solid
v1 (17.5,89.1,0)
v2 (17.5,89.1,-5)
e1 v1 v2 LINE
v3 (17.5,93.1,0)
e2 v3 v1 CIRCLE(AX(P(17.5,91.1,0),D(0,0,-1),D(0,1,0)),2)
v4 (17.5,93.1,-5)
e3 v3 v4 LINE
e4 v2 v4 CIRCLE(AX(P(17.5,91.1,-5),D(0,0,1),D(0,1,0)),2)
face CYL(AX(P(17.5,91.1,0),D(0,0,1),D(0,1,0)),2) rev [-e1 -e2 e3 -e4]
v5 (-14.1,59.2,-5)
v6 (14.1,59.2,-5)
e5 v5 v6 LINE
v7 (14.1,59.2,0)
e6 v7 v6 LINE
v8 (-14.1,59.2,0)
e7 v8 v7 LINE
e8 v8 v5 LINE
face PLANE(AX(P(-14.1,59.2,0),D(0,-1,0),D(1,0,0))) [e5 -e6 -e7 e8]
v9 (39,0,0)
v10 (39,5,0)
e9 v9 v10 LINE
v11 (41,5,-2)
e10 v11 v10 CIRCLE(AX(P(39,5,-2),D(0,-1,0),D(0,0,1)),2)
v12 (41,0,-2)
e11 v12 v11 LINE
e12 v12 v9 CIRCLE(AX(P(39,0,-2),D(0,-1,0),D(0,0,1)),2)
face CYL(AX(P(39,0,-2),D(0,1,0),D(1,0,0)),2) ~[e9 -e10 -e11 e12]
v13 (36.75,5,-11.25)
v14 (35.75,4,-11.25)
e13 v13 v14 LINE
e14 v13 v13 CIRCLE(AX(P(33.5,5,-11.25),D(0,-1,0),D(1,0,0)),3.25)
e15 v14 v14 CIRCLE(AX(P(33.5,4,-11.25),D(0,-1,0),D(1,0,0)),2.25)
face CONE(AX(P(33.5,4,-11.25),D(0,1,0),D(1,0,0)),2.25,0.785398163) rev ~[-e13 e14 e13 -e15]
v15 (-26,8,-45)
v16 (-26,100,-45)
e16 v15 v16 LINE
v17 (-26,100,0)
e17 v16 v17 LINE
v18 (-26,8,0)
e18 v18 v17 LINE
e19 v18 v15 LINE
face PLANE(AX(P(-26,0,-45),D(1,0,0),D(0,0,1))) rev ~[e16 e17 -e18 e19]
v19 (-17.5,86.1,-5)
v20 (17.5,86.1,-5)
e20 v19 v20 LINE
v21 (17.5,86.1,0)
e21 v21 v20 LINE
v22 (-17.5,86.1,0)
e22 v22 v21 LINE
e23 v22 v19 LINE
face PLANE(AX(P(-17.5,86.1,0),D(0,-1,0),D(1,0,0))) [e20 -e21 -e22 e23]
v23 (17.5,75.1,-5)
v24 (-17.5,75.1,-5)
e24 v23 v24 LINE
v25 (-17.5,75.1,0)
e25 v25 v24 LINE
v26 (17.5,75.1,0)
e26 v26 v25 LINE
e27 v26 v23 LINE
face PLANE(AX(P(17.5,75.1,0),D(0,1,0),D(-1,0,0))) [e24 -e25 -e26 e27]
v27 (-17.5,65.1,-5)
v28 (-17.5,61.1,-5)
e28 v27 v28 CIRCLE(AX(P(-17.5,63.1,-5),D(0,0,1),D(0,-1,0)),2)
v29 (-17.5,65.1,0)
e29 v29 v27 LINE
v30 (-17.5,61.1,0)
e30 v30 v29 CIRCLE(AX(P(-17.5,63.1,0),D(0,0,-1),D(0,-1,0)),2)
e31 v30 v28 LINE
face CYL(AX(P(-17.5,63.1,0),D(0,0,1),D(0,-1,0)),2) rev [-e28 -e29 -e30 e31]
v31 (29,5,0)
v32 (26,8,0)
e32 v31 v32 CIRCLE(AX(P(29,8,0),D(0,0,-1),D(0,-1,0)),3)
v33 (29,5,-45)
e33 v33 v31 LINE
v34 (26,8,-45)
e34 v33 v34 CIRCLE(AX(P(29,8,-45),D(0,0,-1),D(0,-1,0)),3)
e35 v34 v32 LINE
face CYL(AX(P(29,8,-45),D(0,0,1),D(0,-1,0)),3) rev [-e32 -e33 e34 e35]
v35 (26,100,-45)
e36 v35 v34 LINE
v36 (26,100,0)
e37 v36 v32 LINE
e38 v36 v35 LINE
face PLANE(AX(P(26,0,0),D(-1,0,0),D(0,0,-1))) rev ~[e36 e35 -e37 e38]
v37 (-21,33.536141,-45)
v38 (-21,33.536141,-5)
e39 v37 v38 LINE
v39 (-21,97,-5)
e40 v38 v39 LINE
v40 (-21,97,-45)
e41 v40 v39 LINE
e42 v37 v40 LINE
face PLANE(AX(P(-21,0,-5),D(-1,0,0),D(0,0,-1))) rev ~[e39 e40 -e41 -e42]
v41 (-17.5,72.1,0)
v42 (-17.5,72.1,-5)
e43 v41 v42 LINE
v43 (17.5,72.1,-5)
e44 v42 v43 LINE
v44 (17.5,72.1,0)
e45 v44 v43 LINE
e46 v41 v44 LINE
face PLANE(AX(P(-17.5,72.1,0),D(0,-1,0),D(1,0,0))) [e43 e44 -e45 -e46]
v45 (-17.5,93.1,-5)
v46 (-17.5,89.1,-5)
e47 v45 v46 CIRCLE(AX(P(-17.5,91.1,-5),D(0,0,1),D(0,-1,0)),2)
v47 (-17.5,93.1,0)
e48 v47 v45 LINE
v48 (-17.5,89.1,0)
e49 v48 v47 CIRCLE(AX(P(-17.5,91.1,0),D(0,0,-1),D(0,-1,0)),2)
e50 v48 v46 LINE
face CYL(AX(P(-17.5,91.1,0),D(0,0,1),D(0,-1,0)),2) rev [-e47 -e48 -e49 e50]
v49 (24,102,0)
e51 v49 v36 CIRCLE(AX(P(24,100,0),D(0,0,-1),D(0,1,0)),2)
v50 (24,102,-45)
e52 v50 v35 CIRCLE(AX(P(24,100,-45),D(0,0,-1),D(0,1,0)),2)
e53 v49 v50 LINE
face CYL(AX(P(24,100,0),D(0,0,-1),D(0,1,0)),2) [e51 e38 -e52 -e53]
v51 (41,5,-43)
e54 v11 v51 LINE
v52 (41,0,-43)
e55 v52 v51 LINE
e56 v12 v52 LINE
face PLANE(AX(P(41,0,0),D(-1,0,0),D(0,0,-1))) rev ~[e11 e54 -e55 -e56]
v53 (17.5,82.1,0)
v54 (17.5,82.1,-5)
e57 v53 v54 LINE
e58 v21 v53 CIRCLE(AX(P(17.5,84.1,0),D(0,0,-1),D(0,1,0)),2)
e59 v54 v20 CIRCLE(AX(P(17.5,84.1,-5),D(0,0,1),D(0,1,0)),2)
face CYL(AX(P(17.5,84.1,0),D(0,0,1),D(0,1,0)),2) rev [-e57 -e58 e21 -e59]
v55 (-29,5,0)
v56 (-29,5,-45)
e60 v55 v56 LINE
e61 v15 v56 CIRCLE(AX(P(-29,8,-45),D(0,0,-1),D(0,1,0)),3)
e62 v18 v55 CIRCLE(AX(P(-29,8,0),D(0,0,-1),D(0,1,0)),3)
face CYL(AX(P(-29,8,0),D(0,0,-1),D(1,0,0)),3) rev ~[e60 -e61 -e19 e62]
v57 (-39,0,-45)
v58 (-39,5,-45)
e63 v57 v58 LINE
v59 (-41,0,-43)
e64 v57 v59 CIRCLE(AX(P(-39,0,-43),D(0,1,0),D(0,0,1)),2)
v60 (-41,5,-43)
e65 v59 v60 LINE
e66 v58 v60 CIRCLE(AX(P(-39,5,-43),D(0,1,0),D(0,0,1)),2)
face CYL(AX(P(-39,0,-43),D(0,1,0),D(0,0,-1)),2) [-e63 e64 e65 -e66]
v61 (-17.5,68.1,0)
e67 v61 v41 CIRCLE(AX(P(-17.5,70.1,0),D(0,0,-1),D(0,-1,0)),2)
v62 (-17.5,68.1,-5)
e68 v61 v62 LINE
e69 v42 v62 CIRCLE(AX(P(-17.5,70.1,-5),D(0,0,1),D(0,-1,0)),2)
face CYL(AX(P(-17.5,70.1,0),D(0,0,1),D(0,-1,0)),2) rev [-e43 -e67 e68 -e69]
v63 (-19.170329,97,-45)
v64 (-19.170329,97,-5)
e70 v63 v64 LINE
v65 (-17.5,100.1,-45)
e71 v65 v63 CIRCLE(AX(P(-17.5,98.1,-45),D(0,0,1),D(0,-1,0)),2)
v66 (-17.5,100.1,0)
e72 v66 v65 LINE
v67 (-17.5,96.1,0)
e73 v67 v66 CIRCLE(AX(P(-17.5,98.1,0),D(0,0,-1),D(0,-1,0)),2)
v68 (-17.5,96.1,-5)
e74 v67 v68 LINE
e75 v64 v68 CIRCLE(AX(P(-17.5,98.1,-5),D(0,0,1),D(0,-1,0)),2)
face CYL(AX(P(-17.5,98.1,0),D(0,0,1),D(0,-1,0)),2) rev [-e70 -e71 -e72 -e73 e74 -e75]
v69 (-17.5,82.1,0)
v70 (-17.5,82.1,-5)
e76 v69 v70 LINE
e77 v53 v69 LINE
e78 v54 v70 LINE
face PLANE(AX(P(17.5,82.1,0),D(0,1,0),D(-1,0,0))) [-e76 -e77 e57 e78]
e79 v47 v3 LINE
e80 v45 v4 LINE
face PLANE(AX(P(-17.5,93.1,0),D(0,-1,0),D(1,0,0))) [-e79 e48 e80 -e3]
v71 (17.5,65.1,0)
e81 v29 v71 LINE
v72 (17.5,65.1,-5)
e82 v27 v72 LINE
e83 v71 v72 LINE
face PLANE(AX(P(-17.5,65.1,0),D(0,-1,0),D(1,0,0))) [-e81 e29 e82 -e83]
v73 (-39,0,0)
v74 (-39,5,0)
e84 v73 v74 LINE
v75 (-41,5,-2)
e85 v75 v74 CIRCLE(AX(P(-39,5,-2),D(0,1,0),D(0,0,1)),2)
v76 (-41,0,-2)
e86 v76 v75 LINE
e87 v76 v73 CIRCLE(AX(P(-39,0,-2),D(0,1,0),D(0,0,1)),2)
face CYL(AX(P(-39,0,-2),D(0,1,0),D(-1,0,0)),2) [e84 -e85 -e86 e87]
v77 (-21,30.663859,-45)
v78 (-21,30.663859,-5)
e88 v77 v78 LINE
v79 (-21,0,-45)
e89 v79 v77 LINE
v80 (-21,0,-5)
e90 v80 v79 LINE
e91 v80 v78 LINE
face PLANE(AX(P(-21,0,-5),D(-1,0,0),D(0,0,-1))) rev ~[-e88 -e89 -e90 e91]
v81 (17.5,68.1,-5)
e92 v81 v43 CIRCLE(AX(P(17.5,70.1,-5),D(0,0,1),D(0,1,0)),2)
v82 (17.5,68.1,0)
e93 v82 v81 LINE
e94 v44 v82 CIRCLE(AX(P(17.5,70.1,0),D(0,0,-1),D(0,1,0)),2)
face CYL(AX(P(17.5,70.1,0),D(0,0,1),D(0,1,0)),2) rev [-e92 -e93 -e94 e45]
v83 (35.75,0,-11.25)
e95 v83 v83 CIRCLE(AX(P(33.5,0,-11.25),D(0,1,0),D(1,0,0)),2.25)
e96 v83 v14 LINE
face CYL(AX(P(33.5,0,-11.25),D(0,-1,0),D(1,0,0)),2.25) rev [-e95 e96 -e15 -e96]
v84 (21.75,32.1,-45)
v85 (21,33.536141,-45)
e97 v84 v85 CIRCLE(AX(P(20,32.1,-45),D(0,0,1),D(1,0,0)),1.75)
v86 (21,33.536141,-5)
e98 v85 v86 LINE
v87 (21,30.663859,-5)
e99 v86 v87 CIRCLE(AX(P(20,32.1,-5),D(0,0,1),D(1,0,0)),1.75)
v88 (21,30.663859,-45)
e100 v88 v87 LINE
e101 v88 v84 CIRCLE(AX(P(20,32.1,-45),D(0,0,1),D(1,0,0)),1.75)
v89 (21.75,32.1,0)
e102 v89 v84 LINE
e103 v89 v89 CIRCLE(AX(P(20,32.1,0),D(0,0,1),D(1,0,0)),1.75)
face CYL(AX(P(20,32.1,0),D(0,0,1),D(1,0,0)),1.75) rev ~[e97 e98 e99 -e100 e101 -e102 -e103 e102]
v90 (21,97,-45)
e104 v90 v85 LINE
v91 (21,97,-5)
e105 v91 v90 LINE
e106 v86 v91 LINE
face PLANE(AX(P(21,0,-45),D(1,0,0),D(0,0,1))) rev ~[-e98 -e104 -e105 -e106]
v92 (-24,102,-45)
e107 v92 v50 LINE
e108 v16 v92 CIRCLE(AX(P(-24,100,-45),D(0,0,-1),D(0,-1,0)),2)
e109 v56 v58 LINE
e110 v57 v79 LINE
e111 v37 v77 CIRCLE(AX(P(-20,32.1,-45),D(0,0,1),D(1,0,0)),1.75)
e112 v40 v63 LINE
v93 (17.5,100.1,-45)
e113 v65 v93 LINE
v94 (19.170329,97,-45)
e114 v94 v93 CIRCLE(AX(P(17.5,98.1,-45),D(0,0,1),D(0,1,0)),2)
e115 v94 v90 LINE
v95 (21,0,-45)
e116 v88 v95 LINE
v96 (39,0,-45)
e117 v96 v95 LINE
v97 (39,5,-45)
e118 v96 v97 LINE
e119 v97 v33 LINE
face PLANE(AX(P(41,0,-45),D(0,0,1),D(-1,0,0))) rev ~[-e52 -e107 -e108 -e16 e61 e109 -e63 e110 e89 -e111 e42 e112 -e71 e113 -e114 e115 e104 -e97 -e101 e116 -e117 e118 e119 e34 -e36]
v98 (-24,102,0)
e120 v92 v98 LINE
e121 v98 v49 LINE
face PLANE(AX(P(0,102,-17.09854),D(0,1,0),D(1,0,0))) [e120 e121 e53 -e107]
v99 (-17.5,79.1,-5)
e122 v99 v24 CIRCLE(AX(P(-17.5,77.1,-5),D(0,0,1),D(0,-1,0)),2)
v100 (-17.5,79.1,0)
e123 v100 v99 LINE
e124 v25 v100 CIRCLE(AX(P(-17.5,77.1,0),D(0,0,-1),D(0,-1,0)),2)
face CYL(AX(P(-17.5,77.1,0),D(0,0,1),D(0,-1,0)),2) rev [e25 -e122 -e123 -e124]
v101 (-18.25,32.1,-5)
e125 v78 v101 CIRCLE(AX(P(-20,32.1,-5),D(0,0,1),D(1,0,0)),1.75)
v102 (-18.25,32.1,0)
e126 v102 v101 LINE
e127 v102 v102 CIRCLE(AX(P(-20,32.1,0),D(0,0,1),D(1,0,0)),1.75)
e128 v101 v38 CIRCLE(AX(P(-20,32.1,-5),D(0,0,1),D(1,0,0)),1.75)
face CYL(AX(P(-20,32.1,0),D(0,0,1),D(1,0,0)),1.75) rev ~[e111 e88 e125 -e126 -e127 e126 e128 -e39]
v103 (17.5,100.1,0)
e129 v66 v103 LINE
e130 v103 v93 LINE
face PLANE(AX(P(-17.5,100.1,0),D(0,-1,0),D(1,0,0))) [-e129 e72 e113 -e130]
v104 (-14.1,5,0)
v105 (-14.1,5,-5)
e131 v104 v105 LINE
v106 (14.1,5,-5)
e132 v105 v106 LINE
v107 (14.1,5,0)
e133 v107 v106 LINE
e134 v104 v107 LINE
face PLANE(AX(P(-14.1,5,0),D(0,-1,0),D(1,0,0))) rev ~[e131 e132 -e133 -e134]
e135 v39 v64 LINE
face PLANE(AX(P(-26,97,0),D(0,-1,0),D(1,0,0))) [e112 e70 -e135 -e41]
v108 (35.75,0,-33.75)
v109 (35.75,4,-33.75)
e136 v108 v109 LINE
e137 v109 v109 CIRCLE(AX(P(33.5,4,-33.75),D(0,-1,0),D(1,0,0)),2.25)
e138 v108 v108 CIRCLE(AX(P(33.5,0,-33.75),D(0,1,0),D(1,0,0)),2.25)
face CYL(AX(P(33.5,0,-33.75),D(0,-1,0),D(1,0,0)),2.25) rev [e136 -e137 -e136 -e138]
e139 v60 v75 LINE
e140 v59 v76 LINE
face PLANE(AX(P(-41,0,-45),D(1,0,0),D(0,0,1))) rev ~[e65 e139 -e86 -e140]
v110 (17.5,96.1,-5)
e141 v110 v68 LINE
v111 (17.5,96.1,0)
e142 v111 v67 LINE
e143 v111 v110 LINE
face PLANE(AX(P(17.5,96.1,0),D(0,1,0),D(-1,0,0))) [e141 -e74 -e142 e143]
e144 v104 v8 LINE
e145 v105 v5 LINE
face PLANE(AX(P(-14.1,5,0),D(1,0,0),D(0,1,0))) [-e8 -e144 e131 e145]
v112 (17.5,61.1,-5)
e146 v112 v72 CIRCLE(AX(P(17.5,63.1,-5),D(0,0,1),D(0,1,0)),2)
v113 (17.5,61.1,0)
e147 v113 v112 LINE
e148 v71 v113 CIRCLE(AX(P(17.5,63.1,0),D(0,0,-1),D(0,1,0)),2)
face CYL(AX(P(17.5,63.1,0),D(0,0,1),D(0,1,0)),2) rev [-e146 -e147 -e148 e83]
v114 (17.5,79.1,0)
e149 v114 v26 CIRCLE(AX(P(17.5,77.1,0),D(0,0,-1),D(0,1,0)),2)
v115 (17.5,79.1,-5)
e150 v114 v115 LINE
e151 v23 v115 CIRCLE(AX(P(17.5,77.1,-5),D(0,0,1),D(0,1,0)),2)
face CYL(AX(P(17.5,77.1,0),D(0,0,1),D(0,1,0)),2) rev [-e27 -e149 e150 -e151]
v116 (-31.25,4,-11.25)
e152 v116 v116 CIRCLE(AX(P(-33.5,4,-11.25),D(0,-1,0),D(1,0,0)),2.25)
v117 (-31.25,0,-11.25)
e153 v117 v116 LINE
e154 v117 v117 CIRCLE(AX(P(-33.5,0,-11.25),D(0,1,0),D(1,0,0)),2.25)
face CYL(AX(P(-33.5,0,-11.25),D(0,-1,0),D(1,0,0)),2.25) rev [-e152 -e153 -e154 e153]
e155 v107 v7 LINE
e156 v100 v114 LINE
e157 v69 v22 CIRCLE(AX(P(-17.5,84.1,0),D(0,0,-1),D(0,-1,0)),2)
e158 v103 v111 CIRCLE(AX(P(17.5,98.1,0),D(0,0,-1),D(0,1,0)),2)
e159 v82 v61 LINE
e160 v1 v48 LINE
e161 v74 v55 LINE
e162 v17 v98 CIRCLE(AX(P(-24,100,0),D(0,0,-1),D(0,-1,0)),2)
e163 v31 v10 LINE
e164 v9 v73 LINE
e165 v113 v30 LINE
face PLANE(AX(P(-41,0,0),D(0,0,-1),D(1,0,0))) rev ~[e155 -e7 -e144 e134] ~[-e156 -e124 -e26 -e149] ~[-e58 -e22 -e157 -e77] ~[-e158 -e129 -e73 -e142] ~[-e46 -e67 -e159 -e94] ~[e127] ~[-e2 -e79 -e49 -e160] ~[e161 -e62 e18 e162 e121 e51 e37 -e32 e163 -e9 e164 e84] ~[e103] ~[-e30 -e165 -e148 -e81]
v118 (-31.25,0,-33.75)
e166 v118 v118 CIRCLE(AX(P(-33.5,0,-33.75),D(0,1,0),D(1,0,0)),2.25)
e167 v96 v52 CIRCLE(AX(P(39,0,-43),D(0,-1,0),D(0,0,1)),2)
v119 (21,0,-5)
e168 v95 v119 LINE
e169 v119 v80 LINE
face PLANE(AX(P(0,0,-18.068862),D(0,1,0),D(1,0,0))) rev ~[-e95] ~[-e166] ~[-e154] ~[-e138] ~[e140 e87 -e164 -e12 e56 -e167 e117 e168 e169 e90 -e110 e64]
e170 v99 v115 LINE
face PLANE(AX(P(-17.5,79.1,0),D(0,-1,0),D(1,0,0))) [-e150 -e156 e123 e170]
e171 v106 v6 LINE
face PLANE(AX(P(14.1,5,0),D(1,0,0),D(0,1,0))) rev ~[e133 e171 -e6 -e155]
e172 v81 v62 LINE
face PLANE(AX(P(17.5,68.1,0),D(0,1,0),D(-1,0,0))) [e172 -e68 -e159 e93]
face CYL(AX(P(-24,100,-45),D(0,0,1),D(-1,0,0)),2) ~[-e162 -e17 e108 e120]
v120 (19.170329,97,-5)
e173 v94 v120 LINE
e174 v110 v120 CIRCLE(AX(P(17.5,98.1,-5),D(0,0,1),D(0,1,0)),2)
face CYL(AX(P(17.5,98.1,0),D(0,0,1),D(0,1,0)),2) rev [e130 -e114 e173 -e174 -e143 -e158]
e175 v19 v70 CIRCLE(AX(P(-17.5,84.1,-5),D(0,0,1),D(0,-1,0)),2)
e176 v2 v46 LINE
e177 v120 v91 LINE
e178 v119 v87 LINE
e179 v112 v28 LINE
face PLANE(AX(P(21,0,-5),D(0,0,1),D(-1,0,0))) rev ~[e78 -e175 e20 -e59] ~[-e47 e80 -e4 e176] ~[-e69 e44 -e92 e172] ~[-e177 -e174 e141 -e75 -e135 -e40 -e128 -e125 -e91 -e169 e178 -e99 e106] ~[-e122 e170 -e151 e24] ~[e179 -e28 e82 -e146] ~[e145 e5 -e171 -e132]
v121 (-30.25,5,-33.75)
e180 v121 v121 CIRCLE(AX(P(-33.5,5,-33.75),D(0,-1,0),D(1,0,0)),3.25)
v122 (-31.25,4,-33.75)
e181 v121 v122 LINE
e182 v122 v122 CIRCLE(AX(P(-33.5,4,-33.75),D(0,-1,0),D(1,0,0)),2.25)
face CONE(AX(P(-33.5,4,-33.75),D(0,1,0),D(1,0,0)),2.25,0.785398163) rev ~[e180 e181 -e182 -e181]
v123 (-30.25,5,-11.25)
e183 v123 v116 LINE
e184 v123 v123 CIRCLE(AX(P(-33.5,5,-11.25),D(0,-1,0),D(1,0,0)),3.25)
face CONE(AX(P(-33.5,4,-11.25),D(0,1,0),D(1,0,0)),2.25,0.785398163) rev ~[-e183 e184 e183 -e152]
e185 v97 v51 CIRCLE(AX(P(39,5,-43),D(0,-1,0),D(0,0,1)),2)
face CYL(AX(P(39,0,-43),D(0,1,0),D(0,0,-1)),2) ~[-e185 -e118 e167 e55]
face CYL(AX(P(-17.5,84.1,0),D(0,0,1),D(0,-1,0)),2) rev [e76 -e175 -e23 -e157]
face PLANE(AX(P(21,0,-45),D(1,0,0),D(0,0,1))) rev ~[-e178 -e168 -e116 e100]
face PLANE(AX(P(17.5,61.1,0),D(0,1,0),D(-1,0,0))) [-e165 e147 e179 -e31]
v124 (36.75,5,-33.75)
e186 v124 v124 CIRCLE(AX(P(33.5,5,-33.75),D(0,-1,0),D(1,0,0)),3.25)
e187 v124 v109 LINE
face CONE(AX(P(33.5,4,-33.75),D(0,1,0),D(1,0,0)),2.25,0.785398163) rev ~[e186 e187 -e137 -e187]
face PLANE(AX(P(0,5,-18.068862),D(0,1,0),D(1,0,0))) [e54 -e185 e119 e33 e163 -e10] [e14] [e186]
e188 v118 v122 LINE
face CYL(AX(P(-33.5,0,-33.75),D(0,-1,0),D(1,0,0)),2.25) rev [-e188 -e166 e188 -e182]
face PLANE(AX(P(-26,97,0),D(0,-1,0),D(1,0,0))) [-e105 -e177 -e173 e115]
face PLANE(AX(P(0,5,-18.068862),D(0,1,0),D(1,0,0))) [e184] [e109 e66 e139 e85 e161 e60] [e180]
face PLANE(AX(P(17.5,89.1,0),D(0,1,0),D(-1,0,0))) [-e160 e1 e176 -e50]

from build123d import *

# Parameters (mm, degrees)
RESSALTO_EXTRUS_O4_DEPTH = 5
RESSALTO_EXTRUS_O6_DEPTH = 102
ESBO_O9_W                = 52
ESBO_O9_H                = 5
RESSALTO_EXTRUS_O7_DEPTH = 45
ESBO_O10_R               = 2.25
CORTE_EXTRUS_O1_DEPTH    = 103
FILETE1_R                = 3
FILETE3_R                = 2
FILETE5_R                = 2
ESBO_O11_R               = 1.75
ESBO_O11_W               = 28.2
ESBO_O11_H               = 54.2
CORTE_EXTRUS_O2_DEPTH    = 46
CORTE_EXTRUS_O3_DEPTH    = 46
CHANFRO1_SIZE            = 1


with BuildPart() as part:
    # Esboço7 → Ressalto-extrusão4 (new body)
    with BuildSketch(Plane(origin=(0, 0, 0), x_dir=(1, 0, 0), z_dir=(0, 1, 0))):
        Polygon((21, 45), (21, 5), (-21, 5), (-21, 45), (-41, 45), (-41, 0), (41, 0), (41, 45), align=None)
    extrude(amount=RESSALTO_EXTRUS_O4_DEPTH)

    # Esboço8 → Ressalto-extrusão6 (add)
    with BuildSketch(Plane(origin=(0, 0, 0), x_dir=(1, 0, 0), z_dir=(0, 1, 0))):
        Polygon((-21, 45), (-26, 45), (-26, 0), (26, 0), (26, 45), (21, 45), (21, 5), (-21, 5), align=None)
    extrude(amount=RESSALTO_EXTRUS_O6_DEPTH)

    # Esboço9 → Ressalto-extrusão7 (add)
    with BuildSketch(Plane.XY):
        with Locations((0, 99.5)):
            Rectangle(ESBO_O9_W, ESBO_O9_H)
    extrude(amount=-RESSALTO_EXTRUS_O7_DEPTH)

    # Esboço10 → Corte-extrusão1 (cut, through all)
    with BuildSketch(Plane(origin=(0, 0, 0), x_dir=(1, 0, 0), z_dir=(0, 1, 0))):
        with Locations((-33.5, 33.75)):
            Circle(ESBO_O10_R)
        with Locations((-33.5, 11.25)):
            Circle(ESBO_O10_R)
        with Locations((33.5, 11.25)):
            Circle(ESBO_O10_R)
        with Locations((33.5, 33.75)):
            Circle(ESBO_O10_R)
    extrude(amount=CORTE_EXTRUS_O1_DEPTH, mode=Mode.SUBTRACT)

    # Filete1
    filete1_edges = [part.edges().sort_by_distance(p)[0] for p in [
        (-26, 5, -22.5),
        (26, 5, -22.5),
    ]]
    fillet(filete1_edges, radius=FILETE1_R)

    # Filete3
    filete3_edges = [part.edges().sort_by_distance(p)[0] for p in [
        (41, 2.5, 0),
        (-41, 2.5, 0),
        (-41, 2.5, -45),
        (41, 2.5, -45),
    ]]
    fillet(filete3_edges, radius=FILETE3_R)

    # Filete5
    filete5_edges = [part.edges().sort_by_distance(p)[0] for p in [
        (-26, 102, -22.5),
        (26, 102, -22.5),
    ]]
    fillet(filete5_edges, radius=FILETE5_R)

    # Esboço11 → Corte-extrusão2 (cut, through all)
    with BuildSketch(Plane.XY):
        with Locations((20, 32.1)):
            Circle(ESBO_O11_R)
        with Locations((-20, 32.1)):
            Circle(ESBO_O11_R)
        with Locations((0, 32.1)):
            Rectangle(ESBO_O11_W, ESBO_O11_H)
    extrude(amount=-CORTE_EXTRUS_O2_DEPTH, mode=Mode.SUBTRACT)

    # Esboço12 → Corte-extrusão3 (cut, through all)
    with BuildSketch(Plane.XY):
        with BuildLine():
            Line((-17.5, 100.1), (17.5, 100.1))
            ThreePointArc((17.5, 100.1), (19.5, 98.1), (17.5, 96.1))
            Line((17.5, 96.1), (-17.5, 96.1))
            ThreePointArc((-17.5, 96.1), (-19.5, 98.1), (-17.5, 100.1))
        make_face()
        with BuildLine():
            Line((-17.5, 93.1), (17.5, 93.1))
            ThreePointArc((17.5, 93.1), (19.5, 91.1), (17.5, 89.1))
            Line((17.5, 89.1), (-17.5, 89.1))
            ThreePointArc((-17.5, 89.1), (-19.5, 91.1), (-17.5, 93.1))
        make_face()
        with BuildLine():
            Line((-17.5, 86.1), (17.5, 86.1))
            ThreePointArc((17.5, 86.1), (19.5, 84.1), (17.5, 82.1))
            Line((17.5, 82.1), (-17.5, 82.1))
            ThreePointArc((-17.5, 82.1), (-19.5, 84.1), (-17.5, 86.1))
        make_face()
        with BuildLine():
            Line((-17.5, 79.1), (17.5, 79.1))
            ThreePointArc((17.5, 79.1), (19.5, 77.1), (17.5, 75.1))
            Line((17.5, 75.1), (-17.5, 75.1))
            ThreePointArc((-17.5, 75.1), (-19.5, 77.1), (-17.5, 79.1))
        make_face()
        with BuildLine():
            Line((-17.5, 72.1), (17.5, 72.1))
            ThreePointArc((17.5, 72.1), (19.5, 70.1), (17.5, 68.1))
            Line((17.5, 68.1), (-17.5, 68.1))
            ThreePointArc((-17.5, 68.1), (-19.5, 70.1), (-17.5, 72.1))
        make_face()
        with BuildLine():
            Line((-17.5, 65.1), (17.5, 65.1))
            ThreePointArc((17.5, 65.1), (19.5, 63.1), (17.5, 61.1))
            Line((17.5, 61.1), (-17.5, 61.1))
            ThreePointArc((-17.5, 61.1), (-19.5, 63.1), (-17.5, 65.1))
        make_face()
    extrude(amount=-CORTE_EXTRUS_O3_DEPTH, mode=Mode.SUBTRACT)

    # Chanfro1
    chanfro1_edges = [part.edges().sort_by_distance(p)[0] for p in [
        (31.25, 5, -33.75),
        (31.25, 5, -11.25),
        (-35.75, 5, -11.25),
        (-35.75, 5, -33.75),
    ]]
    chamfer(chanfro1_edges, length=CHANFRO1_SIZE)


solid = part.part
